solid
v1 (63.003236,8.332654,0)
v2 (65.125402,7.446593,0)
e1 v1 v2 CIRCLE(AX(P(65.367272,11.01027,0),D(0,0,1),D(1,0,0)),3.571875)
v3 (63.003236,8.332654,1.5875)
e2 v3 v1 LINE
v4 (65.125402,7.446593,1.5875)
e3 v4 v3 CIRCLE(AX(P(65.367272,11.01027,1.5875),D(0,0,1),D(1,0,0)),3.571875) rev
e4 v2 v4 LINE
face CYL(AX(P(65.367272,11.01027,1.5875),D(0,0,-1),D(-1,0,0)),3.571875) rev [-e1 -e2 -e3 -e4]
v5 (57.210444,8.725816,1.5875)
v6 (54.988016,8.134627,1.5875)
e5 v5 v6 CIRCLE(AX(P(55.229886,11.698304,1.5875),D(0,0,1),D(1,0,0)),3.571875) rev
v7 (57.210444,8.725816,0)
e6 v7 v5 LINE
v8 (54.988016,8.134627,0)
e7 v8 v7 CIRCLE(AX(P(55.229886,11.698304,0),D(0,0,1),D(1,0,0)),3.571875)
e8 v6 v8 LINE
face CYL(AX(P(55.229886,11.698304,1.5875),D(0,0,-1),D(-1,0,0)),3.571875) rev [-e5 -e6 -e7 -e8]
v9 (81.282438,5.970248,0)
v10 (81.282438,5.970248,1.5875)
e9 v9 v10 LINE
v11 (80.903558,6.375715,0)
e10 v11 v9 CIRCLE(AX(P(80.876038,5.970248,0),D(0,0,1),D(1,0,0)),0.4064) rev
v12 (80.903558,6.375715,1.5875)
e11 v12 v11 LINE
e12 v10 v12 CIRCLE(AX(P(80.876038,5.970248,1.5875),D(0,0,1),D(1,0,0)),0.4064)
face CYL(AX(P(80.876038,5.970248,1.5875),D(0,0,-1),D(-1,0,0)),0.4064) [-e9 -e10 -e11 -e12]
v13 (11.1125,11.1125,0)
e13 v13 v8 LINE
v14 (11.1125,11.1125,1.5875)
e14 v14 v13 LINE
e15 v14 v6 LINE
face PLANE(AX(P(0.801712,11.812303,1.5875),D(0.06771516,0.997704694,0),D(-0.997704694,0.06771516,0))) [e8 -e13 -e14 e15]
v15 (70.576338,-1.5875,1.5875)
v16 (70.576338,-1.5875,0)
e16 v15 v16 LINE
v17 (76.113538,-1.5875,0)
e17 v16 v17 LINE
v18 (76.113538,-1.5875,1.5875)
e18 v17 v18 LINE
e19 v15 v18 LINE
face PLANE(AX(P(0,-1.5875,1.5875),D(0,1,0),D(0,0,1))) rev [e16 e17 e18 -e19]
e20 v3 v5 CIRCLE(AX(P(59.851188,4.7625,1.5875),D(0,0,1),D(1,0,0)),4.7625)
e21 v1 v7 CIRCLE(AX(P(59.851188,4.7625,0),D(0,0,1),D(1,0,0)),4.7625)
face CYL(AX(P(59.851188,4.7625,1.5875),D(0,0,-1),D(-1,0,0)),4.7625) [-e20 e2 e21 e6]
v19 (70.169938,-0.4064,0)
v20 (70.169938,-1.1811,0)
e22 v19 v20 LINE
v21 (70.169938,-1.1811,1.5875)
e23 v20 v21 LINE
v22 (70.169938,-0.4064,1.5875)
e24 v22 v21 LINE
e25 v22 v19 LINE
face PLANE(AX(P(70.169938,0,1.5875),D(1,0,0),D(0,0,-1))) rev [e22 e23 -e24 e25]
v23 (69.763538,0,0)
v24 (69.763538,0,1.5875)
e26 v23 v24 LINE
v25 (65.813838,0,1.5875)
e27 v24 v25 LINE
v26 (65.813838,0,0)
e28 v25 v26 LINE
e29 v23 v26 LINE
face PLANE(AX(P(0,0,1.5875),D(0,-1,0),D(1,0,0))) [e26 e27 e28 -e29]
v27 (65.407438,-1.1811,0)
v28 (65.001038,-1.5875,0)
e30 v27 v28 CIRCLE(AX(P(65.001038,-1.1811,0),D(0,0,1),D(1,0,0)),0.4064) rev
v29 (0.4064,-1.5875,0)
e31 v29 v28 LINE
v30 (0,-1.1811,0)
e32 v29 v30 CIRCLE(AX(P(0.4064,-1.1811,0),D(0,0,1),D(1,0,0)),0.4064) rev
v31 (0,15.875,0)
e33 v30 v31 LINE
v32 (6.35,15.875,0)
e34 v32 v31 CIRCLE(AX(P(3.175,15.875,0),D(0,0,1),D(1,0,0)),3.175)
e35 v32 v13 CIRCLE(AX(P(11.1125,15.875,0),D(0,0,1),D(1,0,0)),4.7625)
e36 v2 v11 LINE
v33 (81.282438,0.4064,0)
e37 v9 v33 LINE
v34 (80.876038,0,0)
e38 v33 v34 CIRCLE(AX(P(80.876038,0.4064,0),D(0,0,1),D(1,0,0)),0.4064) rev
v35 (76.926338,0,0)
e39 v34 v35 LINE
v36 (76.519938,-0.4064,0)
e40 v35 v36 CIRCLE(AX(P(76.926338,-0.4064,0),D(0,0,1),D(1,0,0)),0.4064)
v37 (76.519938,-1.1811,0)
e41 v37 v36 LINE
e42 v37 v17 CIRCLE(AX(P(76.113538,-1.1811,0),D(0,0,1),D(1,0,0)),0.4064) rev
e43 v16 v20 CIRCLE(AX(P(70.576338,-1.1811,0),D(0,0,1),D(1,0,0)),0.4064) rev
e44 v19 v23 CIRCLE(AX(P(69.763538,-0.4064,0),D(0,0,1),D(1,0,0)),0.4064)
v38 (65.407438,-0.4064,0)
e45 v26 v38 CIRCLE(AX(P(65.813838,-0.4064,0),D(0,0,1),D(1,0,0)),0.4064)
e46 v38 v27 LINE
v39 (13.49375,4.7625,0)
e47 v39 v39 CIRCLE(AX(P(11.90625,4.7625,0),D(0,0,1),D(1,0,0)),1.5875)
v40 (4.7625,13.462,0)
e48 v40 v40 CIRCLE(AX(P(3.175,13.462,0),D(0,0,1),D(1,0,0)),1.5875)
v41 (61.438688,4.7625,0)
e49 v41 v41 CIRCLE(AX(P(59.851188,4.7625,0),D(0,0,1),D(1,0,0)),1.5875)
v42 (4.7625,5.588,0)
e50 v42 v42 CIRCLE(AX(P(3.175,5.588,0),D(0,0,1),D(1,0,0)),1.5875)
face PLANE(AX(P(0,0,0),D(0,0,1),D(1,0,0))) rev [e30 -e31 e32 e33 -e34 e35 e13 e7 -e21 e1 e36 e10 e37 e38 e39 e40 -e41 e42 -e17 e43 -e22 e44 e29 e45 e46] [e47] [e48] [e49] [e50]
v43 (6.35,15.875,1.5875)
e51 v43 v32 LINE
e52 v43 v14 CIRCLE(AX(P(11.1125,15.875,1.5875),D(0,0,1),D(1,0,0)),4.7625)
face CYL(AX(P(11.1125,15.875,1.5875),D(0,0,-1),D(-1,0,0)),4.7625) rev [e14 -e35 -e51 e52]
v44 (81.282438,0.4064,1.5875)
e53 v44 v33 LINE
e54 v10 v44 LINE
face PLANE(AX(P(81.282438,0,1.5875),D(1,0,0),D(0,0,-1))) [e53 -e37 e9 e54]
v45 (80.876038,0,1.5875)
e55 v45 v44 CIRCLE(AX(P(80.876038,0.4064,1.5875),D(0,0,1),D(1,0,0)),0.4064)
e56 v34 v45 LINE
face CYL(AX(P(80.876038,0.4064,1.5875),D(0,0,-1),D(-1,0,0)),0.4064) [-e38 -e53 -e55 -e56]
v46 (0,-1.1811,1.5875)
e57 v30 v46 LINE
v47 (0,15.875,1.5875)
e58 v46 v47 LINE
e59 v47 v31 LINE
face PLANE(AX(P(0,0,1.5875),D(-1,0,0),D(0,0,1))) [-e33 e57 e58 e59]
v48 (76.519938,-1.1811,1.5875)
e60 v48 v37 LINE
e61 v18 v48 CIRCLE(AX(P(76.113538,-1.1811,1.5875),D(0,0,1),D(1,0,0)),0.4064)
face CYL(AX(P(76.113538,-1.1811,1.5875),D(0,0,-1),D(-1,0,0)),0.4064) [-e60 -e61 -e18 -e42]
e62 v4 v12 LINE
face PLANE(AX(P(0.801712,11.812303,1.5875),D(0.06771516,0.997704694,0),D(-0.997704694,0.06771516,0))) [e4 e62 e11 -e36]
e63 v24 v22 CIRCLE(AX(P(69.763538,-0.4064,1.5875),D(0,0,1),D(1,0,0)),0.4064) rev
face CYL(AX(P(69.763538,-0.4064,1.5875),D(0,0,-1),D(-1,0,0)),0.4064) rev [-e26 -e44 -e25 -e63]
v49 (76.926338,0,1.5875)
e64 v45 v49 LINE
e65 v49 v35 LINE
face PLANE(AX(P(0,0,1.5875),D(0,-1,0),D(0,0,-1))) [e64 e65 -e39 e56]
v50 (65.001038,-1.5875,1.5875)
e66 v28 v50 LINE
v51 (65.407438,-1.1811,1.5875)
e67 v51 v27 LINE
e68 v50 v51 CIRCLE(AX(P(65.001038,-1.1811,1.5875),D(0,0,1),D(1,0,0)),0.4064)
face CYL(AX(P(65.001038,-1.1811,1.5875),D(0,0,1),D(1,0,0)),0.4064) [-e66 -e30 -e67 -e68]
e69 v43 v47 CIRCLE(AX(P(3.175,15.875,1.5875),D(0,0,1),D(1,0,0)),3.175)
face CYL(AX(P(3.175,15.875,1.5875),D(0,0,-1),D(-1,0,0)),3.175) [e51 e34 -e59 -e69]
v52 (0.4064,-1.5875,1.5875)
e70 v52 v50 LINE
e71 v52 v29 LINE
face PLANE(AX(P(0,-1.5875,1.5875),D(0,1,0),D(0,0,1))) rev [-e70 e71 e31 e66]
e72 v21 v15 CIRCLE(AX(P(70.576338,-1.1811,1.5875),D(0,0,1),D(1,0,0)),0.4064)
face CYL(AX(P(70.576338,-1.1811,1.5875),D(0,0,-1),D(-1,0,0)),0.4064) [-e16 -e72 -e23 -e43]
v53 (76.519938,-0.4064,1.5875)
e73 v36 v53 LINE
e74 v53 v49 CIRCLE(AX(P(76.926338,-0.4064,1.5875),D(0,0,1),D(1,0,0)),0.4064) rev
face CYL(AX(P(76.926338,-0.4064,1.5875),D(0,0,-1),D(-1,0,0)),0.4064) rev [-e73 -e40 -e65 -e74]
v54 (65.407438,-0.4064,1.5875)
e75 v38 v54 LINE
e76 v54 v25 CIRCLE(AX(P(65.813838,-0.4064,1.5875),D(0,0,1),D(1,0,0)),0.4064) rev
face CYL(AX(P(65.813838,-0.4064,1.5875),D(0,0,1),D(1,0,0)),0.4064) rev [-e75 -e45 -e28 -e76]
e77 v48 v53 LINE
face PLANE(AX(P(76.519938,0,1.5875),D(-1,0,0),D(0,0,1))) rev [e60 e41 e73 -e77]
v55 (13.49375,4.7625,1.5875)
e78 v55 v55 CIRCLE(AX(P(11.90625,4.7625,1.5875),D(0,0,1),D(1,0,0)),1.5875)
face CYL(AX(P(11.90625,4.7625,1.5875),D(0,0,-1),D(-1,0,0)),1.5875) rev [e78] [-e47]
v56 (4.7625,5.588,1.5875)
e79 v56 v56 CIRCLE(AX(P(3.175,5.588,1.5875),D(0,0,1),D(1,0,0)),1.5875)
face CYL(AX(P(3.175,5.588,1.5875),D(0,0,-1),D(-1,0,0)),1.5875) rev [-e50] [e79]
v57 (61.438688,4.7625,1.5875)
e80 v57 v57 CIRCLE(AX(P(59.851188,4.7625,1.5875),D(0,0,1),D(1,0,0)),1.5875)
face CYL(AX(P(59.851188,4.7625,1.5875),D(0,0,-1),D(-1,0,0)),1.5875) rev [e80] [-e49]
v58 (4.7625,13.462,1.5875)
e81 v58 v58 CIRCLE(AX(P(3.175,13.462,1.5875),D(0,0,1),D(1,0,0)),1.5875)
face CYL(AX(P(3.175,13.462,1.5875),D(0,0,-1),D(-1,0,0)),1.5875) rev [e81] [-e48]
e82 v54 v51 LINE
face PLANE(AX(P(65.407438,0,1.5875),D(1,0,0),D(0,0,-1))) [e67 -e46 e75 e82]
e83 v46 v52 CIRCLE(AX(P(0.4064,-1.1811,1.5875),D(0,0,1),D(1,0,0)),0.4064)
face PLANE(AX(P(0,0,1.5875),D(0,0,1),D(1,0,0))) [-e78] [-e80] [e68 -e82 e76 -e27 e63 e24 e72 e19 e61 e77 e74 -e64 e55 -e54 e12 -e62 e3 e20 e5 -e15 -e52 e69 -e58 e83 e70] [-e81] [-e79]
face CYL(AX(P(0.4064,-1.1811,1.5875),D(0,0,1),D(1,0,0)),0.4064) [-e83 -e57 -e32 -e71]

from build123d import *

# Parameters (mm, degrees)
SKETCH1_R           = 1.5875
BOSS_EXTRUDE1_DEPTH = 1.5875
FILLET1_R           = 0.4064
FILLET2_R           = 3.571875


with BuildPart() as part:
    # Sketch1 → Boss-Extrude1 (new body)
    with BuildSketch(Plane.XY):
        with BuildLine():
            Line((0, -1.5875), (65.4074384, -1.5875))
            Line((65.4074384, -1.5875), (65.4074384, 0))
            Line((65.4074384, 0), (70.1699384, 0))
            Line((70.1699384, 0), (70.1699384, -1.5875))
            Line((70.1699384, -1.5875), (76.5199384, -1.5875))
            Line((76.5199384, -1.5875), (76.5199384, 0))
            Line((76.5199384, 0), (81.2824384, 0))
            Line((81.2824384, 0), (81.2824384, 6.35))
            Line((81.2824384, 6.35), (63.718396184, 7.542088136))
            ThreePointArc((63.718396184, 7.542088136), (60.17368185, 9.514068607), (56.395022028, 8.039132457))
            Line((56.395022028, 8.039132457), (11.1125, 11.1125))
            ThreePointArc((11.1125, 11.1125), (7.744903955, 12.507403955), (6.35, 15.875))
            ThreePointArc((6.35, 15.875), (3.175, 19.05), (0, 15.875))
            Line((0, 15.875), (0, -1.5875))
        make_face()
        with Locations((3.175, 5.588)):
            Circle(SKETCH1_R, mode=Mode.SUBTRACT)
        with Locations((3.175, 13.462)):
            Circle(SKETCH1_R, mode=Mode.SUBTRACT)
        with Locations((11.90625, 4.7625)):
            Circle(SKETCH1_R, mode=Mode.SUBTRACT)
        with Locations((59.8511884, 4.7625)):
            Circle(SKETCH1_R, mode=Mode.SUBTRACT)
    extrude(amount=BOSS_EXTRUDE1_DEPTH)

    # Fillet1
    fillet1_edges = [part.edges().sort_by_distance(p)[0] for p in [
        (81.2824384, 6.35, 0.79375),
        (81.2824384, 0, 0.79375),
        (76.5199384, 0, 0.79375),
        (76.5199384, -1.5875, 0.79375),
        (70.1699384, -1.5875, 0.79375),
        (70.1699384, 0, 0.79375),
        (65.4074384, 0, 0.79375),
        (65.4074384, -1.5875, 0.79375),
        (0, -1.5875, 0.79375),
    ]]
    fillet(fillet1_edges, radius=FILLET1_R)

    # Fillet2
    fillet2_edges = [part.edges().sort_by_distance(p)[0] for p in [
        (56.395022028, 8.039132457, 0.79375),
        (63.718396184, 7.542088136, 0.79375),
    ]]
    fillet(fillet2_edges, radius=FILLET2_R)


solid = part.part
